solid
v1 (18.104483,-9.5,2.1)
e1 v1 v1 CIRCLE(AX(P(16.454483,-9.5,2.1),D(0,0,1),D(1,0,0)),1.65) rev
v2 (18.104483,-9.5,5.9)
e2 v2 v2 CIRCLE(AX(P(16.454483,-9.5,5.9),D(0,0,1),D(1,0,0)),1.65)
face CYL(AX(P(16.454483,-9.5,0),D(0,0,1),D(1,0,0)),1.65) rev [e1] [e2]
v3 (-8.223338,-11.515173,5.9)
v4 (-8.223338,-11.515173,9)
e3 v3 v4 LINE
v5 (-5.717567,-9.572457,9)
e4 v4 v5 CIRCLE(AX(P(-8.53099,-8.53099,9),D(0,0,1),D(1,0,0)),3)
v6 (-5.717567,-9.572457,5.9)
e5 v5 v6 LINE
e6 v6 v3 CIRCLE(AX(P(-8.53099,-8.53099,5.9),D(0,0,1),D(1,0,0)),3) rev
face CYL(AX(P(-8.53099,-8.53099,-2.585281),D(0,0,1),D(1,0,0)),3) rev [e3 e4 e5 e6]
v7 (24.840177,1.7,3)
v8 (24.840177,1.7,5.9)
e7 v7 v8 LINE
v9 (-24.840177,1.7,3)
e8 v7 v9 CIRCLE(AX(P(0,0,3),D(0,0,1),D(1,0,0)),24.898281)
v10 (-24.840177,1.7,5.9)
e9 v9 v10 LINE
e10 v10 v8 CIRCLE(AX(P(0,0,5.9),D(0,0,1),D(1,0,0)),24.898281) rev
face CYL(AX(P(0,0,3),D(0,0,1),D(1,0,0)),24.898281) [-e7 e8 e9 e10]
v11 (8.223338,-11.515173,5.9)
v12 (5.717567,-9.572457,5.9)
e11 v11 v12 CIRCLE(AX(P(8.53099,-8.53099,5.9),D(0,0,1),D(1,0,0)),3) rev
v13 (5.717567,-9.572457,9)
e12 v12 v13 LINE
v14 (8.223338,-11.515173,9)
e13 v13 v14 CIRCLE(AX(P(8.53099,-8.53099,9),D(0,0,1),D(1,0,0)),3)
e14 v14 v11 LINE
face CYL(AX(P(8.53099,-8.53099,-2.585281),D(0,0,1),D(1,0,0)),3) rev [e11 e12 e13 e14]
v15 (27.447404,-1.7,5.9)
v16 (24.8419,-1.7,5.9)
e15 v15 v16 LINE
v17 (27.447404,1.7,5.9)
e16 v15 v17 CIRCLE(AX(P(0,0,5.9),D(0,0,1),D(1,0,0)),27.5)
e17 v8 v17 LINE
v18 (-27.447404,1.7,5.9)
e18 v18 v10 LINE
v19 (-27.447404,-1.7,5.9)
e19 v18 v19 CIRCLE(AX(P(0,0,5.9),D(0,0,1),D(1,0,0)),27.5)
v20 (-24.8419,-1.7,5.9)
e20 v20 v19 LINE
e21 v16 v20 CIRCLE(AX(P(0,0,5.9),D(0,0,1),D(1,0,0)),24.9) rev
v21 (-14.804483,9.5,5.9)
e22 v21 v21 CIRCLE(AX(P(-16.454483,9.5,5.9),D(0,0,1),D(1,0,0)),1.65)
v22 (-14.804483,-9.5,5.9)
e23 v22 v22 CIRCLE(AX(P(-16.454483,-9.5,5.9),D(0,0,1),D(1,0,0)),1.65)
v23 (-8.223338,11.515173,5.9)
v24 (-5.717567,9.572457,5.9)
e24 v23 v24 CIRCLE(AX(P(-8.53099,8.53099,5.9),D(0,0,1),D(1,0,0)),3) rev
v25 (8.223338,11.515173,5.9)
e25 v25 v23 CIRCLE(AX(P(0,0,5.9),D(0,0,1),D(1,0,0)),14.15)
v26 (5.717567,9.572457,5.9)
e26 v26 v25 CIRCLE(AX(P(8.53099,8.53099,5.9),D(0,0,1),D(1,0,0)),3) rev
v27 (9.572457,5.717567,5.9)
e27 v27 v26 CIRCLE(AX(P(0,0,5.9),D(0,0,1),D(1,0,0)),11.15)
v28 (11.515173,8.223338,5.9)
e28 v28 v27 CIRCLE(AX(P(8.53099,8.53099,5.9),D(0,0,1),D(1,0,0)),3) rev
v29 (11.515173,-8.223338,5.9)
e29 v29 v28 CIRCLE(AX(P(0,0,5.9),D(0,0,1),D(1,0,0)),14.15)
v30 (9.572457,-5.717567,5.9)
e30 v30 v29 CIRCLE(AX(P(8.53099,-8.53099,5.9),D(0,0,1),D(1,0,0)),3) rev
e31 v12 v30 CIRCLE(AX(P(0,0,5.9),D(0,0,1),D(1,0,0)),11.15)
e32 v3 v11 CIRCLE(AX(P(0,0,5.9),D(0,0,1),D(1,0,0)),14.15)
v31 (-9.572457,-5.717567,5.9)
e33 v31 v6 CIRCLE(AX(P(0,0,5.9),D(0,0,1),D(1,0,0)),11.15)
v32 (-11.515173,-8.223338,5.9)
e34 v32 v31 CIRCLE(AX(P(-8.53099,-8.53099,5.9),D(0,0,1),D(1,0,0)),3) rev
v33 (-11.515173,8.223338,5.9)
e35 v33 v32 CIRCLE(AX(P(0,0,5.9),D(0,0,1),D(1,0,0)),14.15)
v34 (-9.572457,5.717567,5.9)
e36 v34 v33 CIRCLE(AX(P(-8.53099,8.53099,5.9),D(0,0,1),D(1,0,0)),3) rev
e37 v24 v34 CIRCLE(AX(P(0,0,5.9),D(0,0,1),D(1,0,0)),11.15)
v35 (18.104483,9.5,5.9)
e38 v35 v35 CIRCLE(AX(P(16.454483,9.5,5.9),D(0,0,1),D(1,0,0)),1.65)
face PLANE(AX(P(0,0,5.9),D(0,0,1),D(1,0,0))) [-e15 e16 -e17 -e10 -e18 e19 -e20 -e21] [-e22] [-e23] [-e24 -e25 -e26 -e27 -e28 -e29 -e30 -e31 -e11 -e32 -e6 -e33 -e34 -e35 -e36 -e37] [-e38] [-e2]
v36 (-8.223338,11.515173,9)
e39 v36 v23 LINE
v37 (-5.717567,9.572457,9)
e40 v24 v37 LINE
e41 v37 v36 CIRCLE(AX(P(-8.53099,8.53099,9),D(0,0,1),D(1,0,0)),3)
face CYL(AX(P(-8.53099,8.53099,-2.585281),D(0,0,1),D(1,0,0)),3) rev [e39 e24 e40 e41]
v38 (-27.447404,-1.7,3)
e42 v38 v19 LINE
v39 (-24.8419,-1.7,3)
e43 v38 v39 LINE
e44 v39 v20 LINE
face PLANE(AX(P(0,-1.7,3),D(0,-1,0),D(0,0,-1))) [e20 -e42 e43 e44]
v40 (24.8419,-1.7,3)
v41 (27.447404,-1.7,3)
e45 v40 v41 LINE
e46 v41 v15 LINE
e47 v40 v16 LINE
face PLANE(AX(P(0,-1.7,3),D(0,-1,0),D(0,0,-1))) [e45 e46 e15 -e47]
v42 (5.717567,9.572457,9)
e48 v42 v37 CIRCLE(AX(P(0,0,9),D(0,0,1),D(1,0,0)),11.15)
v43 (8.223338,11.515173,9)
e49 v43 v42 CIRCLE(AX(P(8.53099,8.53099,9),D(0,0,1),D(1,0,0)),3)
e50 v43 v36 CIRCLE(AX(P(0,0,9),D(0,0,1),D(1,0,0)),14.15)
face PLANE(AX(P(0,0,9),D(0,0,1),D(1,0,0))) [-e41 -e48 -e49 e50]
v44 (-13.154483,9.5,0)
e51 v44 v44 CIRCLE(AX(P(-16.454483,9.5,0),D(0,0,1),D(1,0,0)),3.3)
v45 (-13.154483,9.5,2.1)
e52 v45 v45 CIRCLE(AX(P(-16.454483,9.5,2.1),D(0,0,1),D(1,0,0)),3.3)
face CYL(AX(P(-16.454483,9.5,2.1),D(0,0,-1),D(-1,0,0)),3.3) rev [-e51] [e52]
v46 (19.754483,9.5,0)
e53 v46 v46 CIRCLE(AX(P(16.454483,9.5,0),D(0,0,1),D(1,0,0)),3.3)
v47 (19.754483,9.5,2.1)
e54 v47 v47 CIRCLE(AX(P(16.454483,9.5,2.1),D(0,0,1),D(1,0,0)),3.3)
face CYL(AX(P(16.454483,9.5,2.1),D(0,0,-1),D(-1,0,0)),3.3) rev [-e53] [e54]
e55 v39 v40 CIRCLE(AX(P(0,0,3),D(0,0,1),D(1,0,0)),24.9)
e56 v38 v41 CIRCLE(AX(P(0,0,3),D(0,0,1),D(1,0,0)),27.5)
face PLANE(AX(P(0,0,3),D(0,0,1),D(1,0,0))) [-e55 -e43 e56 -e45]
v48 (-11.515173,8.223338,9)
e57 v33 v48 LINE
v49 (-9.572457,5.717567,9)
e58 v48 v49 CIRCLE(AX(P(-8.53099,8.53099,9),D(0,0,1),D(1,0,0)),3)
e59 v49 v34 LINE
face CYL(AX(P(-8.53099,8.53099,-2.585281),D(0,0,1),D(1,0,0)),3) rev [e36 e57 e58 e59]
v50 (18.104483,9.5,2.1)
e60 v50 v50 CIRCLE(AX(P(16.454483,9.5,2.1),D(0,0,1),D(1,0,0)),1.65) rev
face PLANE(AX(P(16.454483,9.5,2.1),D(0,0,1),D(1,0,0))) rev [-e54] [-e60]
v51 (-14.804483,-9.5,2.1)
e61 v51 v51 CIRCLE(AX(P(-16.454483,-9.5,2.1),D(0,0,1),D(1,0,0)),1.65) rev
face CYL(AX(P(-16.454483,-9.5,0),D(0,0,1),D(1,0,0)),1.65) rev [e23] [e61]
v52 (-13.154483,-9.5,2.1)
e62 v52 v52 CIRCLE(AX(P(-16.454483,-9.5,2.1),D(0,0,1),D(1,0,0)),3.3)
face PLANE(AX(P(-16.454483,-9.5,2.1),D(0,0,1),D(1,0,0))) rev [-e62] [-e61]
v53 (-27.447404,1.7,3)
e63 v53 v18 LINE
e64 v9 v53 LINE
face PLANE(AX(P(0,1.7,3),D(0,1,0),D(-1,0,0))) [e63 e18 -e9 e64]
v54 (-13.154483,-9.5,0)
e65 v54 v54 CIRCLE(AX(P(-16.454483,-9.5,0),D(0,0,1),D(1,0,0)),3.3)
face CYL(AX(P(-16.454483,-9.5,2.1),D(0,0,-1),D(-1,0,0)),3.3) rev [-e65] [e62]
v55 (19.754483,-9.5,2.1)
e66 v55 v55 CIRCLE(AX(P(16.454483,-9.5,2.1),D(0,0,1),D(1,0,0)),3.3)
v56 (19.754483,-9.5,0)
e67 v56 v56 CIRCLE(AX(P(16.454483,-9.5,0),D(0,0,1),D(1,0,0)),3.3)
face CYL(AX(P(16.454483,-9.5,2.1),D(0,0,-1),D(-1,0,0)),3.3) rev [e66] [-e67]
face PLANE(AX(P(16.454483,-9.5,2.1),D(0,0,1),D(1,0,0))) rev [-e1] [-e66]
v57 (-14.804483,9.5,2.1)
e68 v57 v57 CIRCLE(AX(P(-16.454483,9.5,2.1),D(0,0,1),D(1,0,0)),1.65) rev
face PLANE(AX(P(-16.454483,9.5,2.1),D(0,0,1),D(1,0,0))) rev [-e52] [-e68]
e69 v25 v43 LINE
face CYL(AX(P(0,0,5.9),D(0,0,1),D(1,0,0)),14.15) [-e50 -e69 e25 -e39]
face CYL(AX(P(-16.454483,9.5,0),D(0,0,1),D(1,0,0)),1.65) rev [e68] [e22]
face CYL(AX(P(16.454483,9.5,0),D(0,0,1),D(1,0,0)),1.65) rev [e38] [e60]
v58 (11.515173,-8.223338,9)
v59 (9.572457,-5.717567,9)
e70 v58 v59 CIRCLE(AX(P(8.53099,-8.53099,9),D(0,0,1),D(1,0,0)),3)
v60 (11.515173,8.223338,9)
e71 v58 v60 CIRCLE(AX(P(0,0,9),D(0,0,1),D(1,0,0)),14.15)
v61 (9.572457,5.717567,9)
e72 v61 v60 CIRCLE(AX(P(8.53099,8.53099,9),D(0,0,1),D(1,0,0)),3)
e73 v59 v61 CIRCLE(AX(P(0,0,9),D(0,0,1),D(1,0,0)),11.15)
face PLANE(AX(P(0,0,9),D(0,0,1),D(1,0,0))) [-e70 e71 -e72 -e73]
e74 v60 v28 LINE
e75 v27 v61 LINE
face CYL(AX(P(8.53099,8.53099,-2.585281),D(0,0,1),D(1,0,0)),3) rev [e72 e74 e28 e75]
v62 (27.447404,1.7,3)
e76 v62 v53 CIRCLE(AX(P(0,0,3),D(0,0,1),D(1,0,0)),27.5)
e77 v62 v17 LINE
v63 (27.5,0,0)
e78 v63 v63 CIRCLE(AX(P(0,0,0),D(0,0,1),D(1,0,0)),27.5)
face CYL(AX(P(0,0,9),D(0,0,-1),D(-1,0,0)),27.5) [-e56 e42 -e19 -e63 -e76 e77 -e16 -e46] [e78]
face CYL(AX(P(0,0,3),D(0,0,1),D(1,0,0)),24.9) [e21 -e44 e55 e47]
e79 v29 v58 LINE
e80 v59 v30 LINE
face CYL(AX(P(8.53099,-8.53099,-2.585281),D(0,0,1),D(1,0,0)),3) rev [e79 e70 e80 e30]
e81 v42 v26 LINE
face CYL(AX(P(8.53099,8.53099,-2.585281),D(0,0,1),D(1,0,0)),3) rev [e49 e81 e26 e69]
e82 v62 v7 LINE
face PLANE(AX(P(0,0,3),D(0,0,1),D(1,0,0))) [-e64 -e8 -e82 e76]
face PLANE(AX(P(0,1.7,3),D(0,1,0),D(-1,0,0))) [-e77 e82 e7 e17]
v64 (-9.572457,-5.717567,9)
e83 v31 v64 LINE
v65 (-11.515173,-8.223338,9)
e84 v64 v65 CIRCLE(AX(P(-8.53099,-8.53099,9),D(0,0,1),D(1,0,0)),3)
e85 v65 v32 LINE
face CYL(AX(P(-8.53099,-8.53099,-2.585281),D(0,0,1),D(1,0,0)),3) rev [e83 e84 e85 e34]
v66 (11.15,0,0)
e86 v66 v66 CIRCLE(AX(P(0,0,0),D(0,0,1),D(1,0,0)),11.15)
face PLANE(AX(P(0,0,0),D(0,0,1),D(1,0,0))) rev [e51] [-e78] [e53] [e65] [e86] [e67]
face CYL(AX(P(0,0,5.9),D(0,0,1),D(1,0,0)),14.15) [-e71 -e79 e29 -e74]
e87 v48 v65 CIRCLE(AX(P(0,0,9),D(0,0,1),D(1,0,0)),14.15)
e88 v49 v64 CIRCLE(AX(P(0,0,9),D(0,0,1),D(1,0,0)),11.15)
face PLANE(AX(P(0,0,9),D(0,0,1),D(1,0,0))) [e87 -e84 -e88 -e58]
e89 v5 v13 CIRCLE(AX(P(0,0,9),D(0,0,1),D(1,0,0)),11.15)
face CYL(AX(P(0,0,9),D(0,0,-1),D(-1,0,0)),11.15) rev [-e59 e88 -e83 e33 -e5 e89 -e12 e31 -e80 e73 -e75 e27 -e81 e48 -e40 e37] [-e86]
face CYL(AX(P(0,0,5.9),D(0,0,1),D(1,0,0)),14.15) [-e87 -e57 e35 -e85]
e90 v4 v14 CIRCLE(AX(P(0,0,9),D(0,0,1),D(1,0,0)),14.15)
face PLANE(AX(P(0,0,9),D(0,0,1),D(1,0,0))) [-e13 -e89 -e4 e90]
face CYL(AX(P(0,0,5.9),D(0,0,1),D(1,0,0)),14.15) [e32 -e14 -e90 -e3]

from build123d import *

# Parameters (mm, degrees)
SKETCH1_R           = 27.5
SKETCH1_R_2         = 11.15
BOSS_EXTRUDE1_DEPTH = 9
CUT_EXTRUDE1_START  = 9
CUT_EXTRUDE1_DEPTH  = 6
CUT_EXTRUDE2_START  = 9
SKETCH3_R           = 39.185897799
SKETCH3_R_2         = 14.15
CUT_EXTRUDE2_DEPTH  = 3.1
CUT_EXTRUDE3_START  = 5.9
SKETCH4_R           = 1.65
CUT_EXTRUDE3_DEPTH  = 6.9
CUT_EXTRUDE9_START  = 9
SKETCH9_R           = 3
CUT_EXTRUDE9_DEPTH  = 3.1
SKETCH8_R           = 3.3
CUT_EXTRUDE10_DEPTH = 2.1


with BuildPart() as part:
    # Sketch1 → Boss-Extrude1 (new body)
    with BuildSketch(Plane.XY):
        Circle(SKETCH1_R)
        Circle(SKETCH1_R_2, mode=Mode.SUBTRACT)
    extrude(amount=BOSS_EXTRUDE1_DEPTH)

    # Sketch2 → Cut-Extrude1 (cut)
    with BuildSketch(Plane.XY.offset(CUT_EXTRUDE1_START)):
        with BuildLine():
            Line((-27.447404249, 1.7), (-24.84017663, 1.7))
            ThreePointArc((-24.84017663, 1.7), (0, 24.898280563), (24.84017663, 1.7))
            Line((24.84017663, 1.7), (27.447404249, 1.7))
            ThreePointArc((27.447404249, 1.7), (0, 27.5), (-27.447404249, 1.7))
        make_face()
        with BuildLine():
            Line((27.447404249, -1.7), (24.841900088, -1.7))
            ThreePointArc((24.841900088, -1.7), (0, -24.9), (-24.841900088, -1.7))
            Line((-24.841900088, -1.7), (-27.447404249, -1.7))
            ThreePointArc((-27.447404249, -1.7), (0, -27.5), (27.447404249, -1.7))
        make_face()
    extrude(amount=-CUT_EXTRUDE1_DEPTH, mode=Mode.SUBTRACT)

    # Sketch3 → Cut-Extrude2 (cut)
    with BuildSketch(Plane.XY.offset(CUT_EXTRUDE2_START)):
        Circle(SKETCH3_R)
        Circle(SKETCH3_R_2, mode=Mode.SUBTRACT)
    extrude(amount=-CUT_EXTRUDE2_DEPTH, mode=Mode.SUBTRACT)

    # Sketch4 → Cut-Extrude3 (cut, through all)
    with BuildSketch(Plane.XY.offset(CUT_EXTRUDE3_START)):
        with Locations((-16.454482672, 9.5)):
            Circle(SKETCH4_R)
        with Locations((16.454482672, 9.5)):
            Circle(SKETCH4_R)
        with Locations((16.454482672, -9.5)):
            Circle(SKETCH4_R)
        with Locations((-16.454482672, -9.5)):
            Circle(SKETCH4_R)
    extrude(amount=-CUT_EXTRUDE3_DEPTH, mode=Mode.SUBTRACT)

    # Sketch9 → Cut-Extrude9 (cut)
    with BuildSketch(Plane.XY.offset(CUT_EXTRUDE9_START)):
        with Locations((-8.530989978, 8.530989978)):
            Circle(SKETCH9_R)
        with Locations((8.530989978, 8.530989978)):
            Circle(SKETCH9_R)
        with Locations((8.530989978, -8.530989978)):
            Circle(SKETCH9_R)
        with Locations((-8.530989978, -8.530989978)):
            Circle(SKETCH9_R)
    extrude(amount=-CUT_EXTRUDE9_DEPTH, mode=Mode.SUBTRACT)

    # Sketch8 → Cut-Extrude10 (cut)
    with BuildSketch(Plane.XY):
        with Locations((-16.454482672, 9.5)):
            Circle(SKETCH8_R)
        with Locations((-16.454482672, -9.5)):
            Circle(SKETCH8_R)
        with Locations((16.454482672, -9.5)):
            Circle(SKETCH8_R)
        with Locations((16.454482672, 9.5)):
            Circle(SKETCH8_R)
    extrude(amount=CUT_EXTRUDE10_DEPTH, mode=Mode.SUBTRACT)


solid = part.part
